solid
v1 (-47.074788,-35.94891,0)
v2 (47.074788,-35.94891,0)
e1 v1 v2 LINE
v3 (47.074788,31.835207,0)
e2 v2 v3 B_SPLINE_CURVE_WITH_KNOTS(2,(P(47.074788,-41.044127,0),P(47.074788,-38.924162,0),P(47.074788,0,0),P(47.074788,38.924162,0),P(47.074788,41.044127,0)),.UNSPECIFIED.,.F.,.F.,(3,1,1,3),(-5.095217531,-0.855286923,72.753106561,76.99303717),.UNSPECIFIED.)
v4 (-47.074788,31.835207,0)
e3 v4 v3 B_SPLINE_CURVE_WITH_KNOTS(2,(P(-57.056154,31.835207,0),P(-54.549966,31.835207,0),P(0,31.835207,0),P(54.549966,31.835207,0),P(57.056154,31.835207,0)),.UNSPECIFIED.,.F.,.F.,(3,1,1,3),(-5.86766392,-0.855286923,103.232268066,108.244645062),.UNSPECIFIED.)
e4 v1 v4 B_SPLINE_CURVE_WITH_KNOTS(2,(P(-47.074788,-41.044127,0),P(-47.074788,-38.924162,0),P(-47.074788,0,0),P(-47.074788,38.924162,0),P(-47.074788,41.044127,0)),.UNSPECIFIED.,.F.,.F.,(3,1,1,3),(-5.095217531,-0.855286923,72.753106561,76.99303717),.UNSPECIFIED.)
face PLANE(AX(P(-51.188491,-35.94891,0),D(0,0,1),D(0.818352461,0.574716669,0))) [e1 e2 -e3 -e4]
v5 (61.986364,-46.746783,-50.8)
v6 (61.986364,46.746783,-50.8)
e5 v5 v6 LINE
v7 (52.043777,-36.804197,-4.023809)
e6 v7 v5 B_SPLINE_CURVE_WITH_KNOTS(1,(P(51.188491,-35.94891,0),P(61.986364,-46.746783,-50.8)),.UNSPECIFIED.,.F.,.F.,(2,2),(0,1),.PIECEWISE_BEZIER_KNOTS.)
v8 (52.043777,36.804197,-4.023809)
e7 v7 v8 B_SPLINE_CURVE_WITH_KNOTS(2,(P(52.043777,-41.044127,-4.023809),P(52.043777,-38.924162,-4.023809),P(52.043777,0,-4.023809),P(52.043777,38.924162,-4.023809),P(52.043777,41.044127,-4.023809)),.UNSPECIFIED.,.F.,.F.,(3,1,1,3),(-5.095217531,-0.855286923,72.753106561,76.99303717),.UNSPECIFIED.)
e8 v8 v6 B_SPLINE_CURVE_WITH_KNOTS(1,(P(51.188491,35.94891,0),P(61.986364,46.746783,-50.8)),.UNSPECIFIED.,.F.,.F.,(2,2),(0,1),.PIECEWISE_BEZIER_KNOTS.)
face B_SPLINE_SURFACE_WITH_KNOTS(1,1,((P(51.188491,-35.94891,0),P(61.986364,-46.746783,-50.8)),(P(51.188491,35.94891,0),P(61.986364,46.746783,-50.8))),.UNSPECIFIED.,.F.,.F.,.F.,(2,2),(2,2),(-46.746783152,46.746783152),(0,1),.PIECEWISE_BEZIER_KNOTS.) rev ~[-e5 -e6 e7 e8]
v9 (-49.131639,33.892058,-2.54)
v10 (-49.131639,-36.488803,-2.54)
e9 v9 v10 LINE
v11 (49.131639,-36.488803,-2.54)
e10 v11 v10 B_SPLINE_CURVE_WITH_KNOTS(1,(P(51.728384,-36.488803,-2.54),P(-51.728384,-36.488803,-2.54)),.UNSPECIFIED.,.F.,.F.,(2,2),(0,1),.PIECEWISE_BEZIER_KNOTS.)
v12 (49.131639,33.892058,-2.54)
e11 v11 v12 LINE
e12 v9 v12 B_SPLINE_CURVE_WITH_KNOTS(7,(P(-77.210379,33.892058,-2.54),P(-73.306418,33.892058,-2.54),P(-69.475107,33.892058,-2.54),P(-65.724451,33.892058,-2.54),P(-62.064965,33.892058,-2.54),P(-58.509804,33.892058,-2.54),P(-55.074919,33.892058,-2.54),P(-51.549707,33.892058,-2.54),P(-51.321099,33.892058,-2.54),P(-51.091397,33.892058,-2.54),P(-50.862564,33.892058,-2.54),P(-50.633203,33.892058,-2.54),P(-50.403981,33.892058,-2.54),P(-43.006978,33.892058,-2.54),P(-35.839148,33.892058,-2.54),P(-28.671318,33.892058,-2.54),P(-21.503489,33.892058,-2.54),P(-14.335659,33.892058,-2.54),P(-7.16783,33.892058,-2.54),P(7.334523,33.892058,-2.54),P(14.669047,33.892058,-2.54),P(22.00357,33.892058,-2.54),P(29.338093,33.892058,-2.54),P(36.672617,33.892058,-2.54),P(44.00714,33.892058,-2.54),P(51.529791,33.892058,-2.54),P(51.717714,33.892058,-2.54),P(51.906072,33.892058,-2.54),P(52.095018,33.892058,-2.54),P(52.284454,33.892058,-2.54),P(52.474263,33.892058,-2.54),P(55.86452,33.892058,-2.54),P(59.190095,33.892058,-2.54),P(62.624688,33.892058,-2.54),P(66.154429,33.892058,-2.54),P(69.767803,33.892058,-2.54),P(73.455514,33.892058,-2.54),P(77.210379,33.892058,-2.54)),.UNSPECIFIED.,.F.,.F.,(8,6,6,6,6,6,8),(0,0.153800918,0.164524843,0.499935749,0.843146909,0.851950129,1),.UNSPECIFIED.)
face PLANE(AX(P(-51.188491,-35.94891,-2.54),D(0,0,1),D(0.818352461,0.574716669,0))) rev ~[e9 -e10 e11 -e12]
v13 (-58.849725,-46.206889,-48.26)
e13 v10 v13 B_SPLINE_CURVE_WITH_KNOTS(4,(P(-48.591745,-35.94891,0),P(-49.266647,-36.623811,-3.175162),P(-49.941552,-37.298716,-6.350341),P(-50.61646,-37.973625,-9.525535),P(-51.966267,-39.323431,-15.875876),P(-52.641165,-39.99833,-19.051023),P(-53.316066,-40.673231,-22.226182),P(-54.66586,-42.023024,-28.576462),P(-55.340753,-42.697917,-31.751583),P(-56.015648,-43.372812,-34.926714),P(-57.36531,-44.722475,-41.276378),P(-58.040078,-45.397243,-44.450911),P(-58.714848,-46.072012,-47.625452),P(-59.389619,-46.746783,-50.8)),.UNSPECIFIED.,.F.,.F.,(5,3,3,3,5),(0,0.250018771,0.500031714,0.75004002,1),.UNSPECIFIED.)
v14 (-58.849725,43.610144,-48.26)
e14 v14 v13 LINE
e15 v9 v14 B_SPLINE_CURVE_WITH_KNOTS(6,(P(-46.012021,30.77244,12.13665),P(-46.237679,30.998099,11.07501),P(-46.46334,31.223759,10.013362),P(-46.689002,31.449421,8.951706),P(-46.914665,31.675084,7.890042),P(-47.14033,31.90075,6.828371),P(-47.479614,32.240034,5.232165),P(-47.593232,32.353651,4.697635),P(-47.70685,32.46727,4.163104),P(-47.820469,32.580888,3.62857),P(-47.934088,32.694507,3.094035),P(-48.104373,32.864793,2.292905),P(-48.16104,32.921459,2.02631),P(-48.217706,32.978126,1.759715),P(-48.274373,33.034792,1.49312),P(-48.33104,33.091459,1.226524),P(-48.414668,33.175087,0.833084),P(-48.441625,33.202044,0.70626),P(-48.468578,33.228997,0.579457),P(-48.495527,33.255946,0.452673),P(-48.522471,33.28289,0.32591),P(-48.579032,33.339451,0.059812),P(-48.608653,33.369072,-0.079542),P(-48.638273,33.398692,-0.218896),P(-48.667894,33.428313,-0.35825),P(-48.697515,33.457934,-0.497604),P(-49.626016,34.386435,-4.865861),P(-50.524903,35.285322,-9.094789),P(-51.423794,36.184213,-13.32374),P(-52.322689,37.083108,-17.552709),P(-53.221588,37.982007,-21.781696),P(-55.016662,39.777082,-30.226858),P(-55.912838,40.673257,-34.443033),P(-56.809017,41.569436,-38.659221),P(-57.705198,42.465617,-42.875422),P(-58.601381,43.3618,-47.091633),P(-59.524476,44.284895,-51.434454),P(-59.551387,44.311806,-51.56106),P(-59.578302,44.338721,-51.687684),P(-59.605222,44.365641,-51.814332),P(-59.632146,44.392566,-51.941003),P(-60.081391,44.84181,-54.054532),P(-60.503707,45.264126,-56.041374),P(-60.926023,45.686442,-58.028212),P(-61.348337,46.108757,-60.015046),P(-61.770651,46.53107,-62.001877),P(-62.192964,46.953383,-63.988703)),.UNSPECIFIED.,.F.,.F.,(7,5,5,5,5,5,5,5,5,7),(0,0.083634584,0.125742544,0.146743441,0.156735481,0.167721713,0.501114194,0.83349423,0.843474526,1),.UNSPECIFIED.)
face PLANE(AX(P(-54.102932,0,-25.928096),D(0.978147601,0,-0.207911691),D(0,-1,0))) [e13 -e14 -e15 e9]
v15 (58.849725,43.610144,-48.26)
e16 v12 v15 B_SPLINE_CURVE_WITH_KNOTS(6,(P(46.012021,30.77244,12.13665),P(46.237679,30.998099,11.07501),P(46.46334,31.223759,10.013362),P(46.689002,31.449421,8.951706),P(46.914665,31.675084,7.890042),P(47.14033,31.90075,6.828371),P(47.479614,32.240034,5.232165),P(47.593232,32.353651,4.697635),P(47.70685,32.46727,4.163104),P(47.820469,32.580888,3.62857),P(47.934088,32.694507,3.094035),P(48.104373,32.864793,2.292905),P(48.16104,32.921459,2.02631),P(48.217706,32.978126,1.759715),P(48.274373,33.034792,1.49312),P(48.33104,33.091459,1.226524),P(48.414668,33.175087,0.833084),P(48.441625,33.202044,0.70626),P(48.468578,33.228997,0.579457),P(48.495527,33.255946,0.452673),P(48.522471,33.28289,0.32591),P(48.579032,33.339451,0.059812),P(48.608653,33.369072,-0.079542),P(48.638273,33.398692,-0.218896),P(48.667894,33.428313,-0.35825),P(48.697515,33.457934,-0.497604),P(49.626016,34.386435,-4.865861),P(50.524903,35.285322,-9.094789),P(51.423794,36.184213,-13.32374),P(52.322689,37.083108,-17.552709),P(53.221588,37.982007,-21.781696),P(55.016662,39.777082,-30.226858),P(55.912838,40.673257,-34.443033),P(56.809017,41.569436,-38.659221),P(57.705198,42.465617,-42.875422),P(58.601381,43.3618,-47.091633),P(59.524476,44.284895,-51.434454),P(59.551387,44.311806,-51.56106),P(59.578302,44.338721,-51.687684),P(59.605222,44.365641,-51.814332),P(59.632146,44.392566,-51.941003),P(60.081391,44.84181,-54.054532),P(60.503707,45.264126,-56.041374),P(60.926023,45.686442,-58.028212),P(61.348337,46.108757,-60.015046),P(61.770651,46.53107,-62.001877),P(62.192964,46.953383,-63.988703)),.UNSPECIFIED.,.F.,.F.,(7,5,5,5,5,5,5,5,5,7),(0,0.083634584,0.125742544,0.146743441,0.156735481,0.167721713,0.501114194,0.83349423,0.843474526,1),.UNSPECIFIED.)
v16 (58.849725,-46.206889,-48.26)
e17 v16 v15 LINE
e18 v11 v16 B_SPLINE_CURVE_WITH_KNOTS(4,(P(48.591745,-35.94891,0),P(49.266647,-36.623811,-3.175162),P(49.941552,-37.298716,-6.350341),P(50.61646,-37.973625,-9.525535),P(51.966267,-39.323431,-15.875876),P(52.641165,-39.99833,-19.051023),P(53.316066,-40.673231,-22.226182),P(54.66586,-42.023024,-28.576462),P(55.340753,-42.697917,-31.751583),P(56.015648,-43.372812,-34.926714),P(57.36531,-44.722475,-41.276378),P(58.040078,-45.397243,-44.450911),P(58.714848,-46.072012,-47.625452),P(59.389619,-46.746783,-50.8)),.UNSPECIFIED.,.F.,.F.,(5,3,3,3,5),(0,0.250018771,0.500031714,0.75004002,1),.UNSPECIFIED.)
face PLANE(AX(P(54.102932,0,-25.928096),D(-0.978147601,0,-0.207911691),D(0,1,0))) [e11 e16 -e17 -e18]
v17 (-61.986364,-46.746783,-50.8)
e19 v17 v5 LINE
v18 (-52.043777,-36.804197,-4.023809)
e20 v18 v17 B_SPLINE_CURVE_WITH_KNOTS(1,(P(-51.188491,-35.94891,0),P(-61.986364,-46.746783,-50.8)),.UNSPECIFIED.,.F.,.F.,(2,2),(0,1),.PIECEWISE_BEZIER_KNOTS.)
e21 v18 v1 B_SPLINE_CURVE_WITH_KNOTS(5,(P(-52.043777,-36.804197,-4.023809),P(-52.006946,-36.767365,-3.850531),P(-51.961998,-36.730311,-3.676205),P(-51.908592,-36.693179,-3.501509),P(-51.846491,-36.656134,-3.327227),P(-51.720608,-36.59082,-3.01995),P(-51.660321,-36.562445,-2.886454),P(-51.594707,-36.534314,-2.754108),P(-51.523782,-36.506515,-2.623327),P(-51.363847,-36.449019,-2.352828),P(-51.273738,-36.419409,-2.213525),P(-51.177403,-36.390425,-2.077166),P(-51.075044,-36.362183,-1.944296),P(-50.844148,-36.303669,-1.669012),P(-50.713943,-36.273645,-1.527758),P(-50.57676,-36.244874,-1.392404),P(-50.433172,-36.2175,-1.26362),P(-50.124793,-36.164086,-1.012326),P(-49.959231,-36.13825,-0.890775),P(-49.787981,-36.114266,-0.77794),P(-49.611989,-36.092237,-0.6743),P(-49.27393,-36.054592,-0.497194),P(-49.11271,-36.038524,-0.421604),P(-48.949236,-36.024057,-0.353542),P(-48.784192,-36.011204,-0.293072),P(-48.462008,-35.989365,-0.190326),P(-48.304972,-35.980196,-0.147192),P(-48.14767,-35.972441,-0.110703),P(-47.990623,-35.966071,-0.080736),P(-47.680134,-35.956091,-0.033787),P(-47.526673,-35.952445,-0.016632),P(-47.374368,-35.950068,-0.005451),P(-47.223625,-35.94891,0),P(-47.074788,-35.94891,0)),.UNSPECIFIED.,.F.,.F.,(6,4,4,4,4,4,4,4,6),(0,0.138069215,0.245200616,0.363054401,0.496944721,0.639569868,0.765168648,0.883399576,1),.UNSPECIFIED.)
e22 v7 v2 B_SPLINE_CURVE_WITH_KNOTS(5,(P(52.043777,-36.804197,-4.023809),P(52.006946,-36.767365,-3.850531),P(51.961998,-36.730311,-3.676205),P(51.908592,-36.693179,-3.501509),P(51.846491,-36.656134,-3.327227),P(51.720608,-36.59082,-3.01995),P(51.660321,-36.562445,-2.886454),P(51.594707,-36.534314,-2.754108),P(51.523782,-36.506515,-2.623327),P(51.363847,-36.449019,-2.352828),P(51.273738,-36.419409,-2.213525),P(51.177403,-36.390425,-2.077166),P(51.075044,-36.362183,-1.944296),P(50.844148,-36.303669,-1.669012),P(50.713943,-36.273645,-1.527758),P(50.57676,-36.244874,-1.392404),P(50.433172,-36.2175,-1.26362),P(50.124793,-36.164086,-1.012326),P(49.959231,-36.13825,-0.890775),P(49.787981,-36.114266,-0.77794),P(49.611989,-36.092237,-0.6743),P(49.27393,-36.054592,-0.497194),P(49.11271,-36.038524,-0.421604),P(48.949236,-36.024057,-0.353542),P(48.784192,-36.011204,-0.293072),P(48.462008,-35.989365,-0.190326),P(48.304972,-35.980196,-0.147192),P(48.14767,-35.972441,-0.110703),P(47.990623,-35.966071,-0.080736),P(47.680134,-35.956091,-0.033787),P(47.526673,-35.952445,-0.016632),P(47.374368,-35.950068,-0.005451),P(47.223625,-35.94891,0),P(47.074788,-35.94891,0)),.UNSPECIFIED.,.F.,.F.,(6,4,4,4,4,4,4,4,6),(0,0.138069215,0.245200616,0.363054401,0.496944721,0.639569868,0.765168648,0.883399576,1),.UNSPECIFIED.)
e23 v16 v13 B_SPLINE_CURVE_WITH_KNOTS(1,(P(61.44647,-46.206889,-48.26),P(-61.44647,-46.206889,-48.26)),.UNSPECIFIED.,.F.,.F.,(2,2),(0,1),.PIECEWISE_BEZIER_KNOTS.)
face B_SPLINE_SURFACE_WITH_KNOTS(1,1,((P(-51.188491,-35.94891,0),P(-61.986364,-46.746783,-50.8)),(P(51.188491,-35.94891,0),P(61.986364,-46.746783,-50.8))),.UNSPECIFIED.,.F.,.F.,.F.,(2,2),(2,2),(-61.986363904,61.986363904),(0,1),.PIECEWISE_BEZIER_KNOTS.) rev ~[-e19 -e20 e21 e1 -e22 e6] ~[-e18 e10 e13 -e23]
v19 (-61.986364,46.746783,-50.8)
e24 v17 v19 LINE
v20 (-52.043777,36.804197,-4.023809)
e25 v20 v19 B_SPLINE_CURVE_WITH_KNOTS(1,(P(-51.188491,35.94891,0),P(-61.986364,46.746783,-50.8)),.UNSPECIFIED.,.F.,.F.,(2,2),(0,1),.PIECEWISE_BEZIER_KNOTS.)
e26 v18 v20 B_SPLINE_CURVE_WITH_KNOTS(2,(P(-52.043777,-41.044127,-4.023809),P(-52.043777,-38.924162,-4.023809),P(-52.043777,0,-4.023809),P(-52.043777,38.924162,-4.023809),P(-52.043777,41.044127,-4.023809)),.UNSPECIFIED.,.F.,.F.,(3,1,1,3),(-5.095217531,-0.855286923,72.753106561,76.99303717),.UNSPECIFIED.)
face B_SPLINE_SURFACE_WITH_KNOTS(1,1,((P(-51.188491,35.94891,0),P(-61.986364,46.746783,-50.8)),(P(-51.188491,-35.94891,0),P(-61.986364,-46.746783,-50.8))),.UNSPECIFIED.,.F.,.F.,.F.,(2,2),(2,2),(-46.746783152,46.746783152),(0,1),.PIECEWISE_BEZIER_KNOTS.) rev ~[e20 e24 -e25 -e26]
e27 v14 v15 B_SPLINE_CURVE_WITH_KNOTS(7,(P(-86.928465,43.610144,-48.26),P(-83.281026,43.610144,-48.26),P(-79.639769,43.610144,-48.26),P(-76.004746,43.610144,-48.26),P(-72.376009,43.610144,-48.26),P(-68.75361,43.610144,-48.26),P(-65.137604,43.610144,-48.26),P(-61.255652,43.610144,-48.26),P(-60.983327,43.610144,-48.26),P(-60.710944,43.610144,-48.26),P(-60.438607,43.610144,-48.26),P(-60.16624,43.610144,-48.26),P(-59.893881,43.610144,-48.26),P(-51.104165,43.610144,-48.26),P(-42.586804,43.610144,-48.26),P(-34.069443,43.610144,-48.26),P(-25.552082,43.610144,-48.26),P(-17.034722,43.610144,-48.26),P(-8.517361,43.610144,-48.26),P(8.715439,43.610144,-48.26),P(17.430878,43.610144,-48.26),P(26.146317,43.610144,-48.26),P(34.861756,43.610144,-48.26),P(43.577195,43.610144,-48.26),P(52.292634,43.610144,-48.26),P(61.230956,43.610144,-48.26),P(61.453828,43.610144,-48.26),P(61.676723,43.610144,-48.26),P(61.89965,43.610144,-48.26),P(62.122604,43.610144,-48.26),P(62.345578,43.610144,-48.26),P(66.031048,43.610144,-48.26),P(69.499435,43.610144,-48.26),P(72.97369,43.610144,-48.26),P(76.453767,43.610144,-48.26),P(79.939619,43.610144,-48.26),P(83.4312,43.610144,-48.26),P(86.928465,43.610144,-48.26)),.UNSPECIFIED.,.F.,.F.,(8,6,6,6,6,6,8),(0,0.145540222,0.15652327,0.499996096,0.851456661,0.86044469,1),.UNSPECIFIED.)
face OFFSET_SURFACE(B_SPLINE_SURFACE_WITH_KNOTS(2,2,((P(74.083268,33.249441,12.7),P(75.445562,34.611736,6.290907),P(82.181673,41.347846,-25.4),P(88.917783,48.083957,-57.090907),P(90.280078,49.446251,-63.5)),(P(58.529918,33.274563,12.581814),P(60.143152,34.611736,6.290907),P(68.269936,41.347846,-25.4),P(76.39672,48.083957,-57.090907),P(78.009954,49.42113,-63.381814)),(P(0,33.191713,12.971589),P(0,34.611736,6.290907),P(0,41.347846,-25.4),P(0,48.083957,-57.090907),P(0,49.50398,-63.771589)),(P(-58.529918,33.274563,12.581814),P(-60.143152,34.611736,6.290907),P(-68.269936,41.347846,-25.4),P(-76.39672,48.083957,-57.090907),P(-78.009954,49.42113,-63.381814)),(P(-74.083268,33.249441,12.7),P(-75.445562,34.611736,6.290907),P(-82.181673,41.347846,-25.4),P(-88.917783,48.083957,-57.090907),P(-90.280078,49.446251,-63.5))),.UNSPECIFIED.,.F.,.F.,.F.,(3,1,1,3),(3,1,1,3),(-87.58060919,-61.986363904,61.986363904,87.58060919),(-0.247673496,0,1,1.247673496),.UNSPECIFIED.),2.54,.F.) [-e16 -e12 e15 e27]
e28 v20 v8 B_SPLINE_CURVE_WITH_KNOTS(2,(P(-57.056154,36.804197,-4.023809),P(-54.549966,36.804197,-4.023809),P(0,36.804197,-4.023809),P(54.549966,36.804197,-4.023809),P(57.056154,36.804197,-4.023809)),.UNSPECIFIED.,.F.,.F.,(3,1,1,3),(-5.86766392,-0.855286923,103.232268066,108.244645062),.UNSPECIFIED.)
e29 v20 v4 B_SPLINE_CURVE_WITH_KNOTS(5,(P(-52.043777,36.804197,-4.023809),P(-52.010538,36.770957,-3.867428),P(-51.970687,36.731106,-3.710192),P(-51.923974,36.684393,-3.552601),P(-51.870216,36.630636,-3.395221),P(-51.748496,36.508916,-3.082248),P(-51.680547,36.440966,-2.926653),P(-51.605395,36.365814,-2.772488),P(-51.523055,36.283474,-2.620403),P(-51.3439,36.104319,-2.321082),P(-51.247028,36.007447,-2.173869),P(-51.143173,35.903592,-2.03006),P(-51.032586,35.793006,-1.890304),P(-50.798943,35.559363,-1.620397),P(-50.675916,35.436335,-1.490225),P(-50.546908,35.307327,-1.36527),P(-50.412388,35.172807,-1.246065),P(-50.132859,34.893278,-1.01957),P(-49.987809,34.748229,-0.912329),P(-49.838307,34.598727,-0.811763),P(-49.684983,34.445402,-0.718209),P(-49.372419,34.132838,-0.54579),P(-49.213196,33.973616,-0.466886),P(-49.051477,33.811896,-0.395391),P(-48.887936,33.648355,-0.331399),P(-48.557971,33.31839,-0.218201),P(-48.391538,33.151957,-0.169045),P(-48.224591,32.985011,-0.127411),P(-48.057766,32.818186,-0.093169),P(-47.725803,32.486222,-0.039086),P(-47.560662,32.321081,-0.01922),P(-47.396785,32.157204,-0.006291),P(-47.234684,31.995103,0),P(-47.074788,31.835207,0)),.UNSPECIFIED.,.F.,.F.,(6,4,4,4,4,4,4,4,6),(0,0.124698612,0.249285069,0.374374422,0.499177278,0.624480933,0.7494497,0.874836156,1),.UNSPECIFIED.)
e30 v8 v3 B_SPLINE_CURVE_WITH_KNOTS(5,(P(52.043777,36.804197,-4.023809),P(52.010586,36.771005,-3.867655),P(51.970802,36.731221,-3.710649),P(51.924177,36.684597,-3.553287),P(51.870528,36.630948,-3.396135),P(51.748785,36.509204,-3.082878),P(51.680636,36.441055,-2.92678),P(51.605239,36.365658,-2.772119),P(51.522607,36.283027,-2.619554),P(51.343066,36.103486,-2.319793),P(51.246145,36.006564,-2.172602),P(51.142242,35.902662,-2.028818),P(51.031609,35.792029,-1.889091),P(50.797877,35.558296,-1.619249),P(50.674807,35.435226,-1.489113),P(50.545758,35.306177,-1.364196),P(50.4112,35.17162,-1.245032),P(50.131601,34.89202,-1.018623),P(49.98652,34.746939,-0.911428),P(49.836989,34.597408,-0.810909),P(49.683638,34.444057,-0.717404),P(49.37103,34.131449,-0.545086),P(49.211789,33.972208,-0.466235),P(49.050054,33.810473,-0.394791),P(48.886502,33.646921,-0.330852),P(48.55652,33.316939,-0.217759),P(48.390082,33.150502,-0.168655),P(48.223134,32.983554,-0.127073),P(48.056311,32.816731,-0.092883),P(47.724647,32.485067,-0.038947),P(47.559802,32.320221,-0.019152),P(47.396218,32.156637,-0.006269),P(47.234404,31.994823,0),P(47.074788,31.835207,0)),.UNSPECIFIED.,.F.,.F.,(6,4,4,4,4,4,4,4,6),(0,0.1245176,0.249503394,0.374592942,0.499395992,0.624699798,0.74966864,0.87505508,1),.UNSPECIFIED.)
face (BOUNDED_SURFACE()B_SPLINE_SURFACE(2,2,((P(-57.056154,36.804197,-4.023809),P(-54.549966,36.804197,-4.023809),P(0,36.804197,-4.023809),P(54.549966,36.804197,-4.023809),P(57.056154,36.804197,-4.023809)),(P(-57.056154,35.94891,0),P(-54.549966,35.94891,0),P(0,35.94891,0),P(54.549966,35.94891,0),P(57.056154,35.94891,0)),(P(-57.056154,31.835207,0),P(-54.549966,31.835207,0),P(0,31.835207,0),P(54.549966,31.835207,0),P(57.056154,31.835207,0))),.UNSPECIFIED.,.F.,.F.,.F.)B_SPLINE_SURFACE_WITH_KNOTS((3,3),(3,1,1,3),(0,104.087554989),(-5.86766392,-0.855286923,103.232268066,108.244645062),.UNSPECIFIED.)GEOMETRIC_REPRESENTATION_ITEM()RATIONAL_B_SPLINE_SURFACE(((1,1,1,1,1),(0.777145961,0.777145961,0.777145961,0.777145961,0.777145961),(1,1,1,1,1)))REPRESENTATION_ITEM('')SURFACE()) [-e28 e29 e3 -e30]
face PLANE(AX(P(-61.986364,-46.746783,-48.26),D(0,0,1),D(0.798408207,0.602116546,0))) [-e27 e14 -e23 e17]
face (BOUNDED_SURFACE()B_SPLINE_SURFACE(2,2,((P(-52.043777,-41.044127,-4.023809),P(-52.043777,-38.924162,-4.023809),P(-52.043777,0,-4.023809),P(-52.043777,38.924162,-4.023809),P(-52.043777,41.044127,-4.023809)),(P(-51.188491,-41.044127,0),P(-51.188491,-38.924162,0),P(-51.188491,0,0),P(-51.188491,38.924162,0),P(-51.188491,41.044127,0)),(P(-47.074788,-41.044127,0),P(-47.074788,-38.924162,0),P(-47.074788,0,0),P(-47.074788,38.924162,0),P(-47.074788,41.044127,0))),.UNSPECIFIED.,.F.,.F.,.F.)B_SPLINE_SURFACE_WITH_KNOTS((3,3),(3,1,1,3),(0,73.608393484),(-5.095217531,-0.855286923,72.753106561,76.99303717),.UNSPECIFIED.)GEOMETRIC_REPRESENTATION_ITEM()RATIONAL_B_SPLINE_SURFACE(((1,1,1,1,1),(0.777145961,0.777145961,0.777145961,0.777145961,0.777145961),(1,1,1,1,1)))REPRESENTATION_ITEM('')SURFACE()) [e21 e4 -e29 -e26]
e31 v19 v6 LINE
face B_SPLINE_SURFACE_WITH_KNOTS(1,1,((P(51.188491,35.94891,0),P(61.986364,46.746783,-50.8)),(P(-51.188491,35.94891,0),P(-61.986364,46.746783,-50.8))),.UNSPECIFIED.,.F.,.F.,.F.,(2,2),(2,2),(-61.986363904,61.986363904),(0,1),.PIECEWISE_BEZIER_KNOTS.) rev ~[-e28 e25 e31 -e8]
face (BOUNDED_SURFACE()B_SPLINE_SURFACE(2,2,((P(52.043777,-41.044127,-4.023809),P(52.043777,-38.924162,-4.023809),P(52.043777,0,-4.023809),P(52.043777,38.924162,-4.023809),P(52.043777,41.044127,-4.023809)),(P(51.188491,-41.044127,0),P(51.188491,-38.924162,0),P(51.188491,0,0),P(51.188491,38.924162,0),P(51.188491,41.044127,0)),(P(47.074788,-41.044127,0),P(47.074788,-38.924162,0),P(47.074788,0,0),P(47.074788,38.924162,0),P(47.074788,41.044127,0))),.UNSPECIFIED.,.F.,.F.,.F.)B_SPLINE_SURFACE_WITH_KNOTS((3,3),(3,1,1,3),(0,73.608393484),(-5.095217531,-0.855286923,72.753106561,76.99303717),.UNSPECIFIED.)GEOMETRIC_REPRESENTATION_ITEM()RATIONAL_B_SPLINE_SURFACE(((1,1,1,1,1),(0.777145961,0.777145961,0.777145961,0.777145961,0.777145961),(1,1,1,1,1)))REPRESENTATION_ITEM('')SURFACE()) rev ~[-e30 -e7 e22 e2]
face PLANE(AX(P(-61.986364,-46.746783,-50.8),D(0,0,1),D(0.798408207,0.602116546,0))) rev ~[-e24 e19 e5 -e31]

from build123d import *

# Parameters (mm, degrees)
F0_W     = 102.3769811426
F0_H     = 71.8978196383
F1_DEPTH = 50.8
F1_TAPER = -12
F2_T     = -2.54
F3_R     = 5.08


with BuildPart() as f1:
    # F0 (on Top) → F1 (new body)
    with BuildSketch(Plane.XY):
        Rectangle(F0_W, F0_H)
    extrude(amount=-F1_DEPTH, taper=F1_TAPER)

    # F2
    f2_openings = [f1.faces().sort_by_distance(p)[0] for p in [
        (0, -41.519548, -26.207794),
    ]]
    offset(amount=F2_T, openings=f2_openings, kind=Kind.INTERSECTION)

    # F3
    f3_edges = [f1.edges().sort_by_distance(p)[0] for p in [
        (51.188491, 0, 0),
        (-51.188491, 0, 0),
        (0, 35.94891, 0),
    ]]
    fillet(f3_edges, radius=F3_R)


solid = f1.part
